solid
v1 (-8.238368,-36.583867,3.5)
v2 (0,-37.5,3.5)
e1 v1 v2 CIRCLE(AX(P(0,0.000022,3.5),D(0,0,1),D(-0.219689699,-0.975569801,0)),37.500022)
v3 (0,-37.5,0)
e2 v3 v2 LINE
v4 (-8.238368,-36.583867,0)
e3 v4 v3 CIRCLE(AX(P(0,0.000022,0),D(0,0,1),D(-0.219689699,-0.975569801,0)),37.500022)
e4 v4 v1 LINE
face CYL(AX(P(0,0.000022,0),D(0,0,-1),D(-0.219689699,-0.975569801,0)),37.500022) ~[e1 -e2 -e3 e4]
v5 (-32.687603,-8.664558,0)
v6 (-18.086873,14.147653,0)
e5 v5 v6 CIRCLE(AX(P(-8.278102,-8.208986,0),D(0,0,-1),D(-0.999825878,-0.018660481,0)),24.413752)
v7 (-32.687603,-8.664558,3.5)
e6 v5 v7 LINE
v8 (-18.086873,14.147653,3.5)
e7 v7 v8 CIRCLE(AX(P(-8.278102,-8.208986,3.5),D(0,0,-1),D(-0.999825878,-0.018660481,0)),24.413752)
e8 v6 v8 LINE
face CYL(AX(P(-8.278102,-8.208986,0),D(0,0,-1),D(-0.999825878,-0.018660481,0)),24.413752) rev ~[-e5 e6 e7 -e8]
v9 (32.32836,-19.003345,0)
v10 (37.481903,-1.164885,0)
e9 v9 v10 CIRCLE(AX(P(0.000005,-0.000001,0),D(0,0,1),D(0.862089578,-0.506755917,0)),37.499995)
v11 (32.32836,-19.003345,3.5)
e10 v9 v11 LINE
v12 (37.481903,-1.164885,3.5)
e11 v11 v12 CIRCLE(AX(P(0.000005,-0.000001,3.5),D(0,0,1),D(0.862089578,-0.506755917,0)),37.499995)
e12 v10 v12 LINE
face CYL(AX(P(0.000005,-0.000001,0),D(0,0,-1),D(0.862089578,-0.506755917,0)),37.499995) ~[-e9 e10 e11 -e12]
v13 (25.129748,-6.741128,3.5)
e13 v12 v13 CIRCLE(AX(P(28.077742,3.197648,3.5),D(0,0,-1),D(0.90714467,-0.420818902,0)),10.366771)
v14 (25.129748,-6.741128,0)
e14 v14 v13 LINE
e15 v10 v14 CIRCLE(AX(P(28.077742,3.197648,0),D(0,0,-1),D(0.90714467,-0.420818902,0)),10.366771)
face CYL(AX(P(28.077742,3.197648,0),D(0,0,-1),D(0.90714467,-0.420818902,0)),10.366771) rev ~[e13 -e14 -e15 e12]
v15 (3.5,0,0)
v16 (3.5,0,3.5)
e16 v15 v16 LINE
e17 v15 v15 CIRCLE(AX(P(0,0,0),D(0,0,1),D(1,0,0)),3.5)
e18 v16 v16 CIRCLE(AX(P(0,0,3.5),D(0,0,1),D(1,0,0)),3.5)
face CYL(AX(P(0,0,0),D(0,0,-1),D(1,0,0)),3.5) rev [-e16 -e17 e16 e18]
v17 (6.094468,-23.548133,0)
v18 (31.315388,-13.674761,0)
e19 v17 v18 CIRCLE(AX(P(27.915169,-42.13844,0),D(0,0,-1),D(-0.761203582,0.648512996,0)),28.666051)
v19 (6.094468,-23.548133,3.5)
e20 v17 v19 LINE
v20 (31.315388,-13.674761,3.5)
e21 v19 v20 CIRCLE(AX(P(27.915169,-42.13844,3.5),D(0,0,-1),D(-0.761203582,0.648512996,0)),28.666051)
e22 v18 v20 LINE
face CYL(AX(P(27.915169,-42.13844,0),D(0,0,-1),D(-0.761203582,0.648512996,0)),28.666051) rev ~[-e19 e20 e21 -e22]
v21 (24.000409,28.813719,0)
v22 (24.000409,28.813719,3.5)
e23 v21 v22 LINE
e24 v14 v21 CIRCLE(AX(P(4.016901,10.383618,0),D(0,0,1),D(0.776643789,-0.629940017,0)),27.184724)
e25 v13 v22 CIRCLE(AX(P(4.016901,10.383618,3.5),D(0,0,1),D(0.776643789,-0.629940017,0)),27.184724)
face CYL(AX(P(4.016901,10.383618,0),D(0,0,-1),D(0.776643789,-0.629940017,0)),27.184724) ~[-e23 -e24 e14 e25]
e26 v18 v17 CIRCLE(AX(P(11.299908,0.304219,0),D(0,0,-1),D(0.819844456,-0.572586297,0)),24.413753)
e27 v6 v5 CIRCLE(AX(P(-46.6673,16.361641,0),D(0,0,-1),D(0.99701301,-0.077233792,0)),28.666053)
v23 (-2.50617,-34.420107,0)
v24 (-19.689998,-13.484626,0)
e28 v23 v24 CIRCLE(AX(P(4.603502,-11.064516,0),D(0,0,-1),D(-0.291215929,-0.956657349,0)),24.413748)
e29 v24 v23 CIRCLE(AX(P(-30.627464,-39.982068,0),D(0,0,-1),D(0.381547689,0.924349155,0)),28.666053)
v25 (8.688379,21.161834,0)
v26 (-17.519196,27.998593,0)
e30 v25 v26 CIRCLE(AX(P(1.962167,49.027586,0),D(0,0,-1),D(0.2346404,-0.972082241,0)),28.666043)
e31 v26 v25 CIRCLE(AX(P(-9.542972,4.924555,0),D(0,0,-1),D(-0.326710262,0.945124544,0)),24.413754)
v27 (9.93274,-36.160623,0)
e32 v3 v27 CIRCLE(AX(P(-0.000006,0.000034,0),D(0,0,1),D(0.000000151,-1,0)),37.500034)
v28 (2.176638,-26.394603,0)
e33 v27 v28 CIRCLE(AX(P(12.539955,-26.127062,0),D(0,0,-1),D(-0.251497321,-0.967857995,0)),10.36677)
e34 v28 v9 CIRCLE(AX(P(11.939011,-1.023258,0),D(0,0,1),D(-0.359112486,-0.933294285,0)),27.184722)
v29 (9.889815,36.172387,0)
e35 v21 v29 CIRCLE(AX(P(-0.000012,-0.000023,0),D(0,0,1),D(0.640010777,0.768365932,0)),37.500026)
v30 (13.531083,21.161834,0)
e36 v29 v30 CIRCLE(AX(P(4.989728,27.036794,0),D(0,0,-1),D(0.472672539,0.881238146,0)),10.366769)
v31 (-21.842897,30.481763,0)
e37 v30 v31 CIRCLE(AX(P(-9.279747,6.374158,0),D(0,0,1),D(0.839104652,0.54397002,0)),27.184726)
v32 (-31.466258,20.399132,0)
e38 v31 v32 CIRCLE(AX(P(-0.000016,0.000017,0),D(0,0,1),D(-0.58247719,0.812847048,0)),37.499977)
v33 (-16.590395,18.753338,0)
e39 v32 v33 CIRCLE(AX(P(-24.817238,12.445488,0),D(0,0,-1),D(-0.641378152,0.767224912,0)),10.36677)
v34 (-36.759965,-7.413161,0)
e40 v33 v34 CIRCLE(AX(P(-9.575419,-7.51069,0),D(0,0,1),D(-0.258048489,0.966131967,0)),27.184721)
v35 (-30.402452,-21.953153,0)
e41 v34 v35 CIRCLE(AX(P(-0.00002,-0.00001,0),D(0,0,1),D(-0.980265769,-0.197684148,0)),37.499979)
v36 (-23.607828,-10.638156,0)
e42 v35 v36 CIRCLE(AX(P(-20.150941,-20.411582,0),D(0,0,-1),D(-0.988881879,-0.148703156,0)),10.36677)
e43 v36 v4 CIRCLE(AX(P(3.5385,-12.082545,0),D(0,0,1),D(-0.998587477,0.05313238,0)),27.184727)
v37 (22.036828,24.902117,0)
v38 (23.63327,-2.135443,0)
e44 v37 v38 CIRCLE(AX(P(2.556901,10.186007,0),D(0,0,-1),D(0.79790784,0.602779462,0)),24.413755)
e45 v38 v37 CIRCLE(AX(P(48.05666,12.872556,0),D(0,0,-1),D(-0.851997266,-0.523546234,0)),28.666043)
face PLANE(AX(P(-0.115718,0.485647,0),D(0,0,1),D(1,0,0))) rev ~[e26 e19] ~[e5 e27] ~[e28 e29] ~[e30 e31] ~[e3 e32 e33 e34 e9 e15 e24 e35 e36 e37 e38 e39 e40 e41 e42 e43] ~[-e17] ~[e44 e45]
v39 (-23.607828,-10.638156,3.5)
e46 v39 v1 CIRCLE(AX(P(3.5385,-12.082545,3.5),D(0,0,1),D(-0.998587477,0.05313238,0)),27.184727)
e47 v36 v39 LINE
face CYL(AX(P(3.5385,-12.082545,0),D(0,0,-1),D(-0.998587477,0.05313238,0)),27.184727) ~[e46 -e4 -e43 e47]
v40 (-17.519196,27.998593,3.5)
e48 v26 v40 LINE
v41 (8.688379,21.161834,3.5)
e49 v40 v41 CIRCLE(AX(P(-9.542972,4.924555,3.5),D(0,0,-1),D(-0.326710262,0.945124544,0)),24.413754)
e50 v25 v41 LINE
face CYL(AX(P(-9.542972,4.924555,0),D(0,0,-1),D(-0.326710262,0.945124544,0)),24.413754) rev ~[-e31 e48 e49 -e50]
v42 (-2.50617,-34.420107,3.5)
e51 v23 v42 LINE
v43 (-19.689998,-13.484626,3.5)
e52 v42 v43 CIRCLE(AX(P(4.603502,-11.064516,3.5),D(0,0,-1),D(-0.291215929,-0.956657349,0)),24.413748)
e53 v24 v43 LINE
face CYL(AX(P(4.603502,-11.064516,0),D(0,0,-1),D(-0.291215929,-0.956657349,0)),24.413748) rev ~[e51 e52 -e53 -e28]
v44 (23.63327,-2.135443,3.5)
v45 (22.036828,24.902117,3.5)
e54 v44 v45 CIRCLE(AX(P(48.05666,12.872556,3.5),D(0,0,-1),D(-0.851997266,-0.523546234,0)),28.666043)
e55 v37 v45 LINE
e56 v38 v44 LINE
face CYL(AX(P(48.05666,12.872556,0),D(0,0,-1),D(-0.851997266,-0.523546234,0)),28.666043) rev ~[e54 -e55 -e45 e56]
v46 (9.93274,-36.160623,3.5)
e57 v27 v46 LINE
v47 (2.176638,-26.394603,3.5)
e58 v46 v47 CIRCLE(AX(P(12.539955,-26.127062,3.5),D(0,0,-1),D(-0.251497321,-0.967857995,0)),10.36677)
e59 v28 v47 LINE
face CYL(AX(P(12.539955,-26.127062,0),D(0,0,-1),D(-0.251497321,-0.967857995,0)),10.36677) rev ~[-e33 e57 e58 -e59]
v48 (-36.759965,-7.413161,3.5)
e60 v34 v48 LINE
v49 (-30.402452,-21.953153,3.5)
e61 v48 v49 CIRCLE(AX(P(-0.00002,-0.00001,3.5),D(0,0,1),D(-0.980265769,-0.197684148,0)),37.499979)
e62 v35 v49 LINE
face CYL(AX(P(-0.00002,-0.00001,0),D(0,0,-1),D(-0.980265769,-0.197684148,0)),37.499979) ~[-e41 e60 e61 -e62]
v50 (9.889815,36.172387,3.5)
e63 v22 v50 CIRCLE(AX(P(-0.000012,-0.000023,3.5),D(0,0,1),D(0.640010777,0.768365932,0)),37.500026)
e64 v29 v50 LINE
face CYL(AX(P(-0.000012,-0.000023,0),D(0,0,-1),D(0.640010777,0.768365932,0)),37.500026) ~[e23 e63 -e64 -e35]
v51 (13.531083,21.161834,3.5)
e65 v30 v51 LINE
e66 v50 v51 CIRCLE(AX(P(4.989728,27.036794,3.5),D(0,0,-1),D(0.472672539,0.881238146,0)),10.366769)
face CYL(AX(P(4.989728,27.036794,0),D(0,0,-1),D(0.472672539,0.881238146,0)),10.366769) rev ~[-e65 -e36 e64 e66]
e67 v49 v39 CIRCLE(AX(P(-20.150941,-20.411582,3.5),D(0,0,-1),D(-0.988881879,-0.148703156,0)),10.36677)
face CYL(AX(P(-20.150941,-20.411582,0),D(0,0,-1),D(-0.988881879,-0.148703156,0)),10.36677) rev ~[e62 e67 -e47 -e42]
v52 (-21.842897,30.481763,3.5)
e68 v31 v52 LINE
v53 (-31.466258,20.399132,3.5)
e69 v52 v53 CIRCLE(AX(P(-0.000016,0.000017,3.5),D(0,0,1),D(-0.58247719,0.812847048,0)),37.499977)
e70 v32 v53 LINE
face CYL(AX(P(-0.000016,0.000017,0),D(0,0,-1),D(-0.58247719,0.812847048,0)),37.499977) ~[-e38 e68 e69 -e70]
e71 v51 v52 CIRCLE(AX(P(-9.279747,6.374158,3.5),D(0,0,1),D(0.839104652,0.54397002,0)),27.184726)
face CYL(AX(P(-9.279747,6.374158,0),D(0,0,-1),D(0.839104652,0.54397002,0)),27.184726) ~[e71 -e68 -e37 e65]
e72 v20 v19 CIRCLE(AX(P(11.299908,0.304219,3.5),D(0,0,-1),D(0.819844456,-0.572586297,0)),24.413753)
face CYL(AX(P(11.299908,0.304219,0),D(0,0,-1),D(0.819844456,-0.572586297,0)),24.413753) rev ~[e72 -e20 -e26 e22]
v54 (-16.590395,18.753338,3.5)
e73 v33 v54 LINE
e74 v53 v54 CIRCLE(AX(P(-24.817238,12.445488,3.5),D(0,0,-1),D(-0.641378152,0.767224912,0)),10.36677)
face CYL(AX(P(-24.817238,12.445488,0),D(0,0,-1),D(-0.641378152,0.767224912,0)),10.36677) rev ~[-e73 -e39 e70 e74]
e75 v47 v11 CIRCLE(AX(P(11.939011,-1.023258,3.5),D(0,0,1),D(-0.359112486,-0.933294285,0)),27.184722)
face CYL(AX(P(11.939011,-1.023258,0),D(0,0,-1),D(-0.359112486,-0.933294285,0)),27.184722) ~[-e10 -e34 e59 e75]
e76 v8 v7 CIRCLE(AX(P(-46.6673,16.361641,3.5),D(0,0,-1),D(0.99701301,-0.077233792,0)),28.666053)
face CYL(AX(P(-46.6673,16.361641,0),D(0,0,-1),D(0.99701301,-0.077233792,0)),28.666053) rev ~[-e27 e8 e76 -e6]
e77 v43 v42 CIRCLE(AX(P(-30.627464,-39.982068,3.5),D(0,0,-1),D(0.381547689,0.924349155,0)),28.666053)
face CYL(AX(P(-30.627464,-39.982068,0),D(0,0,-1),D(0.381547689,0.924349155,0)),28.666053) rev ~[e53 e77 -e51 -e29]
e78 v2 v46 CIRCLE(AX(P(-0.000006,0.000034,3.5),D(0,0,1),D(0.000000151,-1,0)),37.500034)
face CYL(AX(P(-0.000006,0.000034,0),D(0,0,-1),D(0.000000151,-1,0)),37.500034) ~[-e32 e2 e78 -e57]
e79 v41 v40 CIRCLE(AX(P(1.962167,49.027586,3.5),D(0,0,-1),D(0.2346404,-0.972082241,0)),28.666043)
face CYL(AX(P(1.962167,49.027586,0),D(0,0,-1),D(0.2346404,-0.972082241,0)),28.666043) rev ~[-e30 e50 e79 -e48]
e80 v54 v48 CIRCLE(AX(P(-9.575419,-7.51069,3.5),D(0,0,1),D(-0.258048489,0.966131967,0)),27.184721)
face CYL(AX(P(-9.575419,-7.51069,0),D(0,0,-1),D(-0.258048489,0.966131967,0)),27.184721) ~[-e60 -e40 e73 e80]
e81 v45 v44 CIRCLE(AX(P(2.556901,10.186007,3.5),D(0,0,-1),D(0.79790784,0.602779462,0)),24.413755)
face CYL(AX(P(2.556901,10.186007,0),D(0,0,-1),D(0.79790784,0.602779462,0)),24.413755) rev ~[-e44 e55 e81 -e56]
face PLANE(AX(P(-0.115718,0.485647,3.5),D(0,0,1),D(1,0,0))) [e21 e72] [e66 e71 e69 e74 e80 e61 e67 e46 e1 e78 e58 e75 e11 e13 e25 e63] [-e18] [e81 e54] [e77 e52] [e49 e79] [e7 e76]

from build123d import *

# Parameters (mm, degrees)
F0_R     = 3.5
F1_DEPTH = 3.5


with BuildPart() as f1:
    # F0 (on Top) → F1 (new body)
    with BuildSketch(Plane.XY):
        with BuildLine():
            ThreePointArc((24.000409, 28.813719), (17.339963, 33.250198), (9.889815, 36.172387))
            ThreePointArc((9.889815, 36.172387), (15.064313, 29.480693), (13.531083, 21.161834))
            ThreePointArc((13.531083, 21.161834), (-2.353781, 32.661804), (-21.842897, 30.481763))
            ThreePointArc((-21.842897, 30.481763), (-27.127134, 25.891478), (-31.466258, 20.399132))
            ThreePointArc((-31.466258, 20.399132), (-23.677264, 22.749389), (-16.590395, 18.753338))
            ThreePointArc((-16.590395, 18.753338), (-31.10617, 9.085569), (-36.759965, -7.413161))
            ThreePointArc((-36.759965, -7.413161), (-34.359139, -15.023302), (-30.402452, -21.953153))
            ThreePointArc((-30.402452, -21.953153), (-29.038423, -15.074674), (-23.607828, -10.638156))
            ThreePointArc((-23.607828, -10.638156), (-19.850574, -25.93753), (-8.238368, -36.583867))
            ThreePointArc((-8.238368, -36.583867), (-4.144575, -37.270263), (0, -37.5))
            ThreePointArc((0, -37.5), (5.011318, -37.163647), (9.93274, -36.160623))
            ThreePointArc((9.93274, -36.160623), (4.421922, -32.574345), (2.176638, -26.394603))
            ThreePointArc((2.176638, -26.394603), (18.411323, -27.426255), (32.32836, -19.003345))
            ThreePointArc((32.32836, -19.003345), (36.026669, -10.408128), (37.481903, -1.164885))
            ThreePointArc((37.481903, -1.164885), (32.343201, -6.250939), (25.129748, -6.741128))
            ThreePointArc((25.129748, -6.741128), (31.187922, 11.246658), (24.000409, 28.813719))
        make_face()
        with BuildLine():
            ThreePointArc((-2.50617, -34.420107), (-14.267465, -26.553792), (-19.689998, -13.484626))
            ThreePointArc((-19.689998, -13.484626), (-8.469615, -21.794921), (-2.50617, -34.420107))
        make_face(mode=Mode.SUBTRACT)
        with BuildLine():
            ThreePointArc((31.315388, -13.674761), (20.199638, -22.429591), (6.094468, -23.548133))
            ThreePointArc((6.094468, -23.548133), (17.465317, -15.444937), (31.315388, -13.674761))
        make_face(mode=Mode.SUBTRACT)
        with BuildLine():
            ThreePointArc((-32.687603, -8.664558), (-28.840733, 4.951922), (-18.086873, 14.147653))
            ThreePointArc((-18.086873, 14.147653), (-22.523144, 0.908412), (-32.687603, -8.664558))
        make_face(mode=Mode.SUBTRACT)
        with BuildLine():
            ThreePointArc((-17.519196, 27.998593), (-3.380406, 28.547725), (8.688379, 21.161834))
            ThreePointArc((8.688379, 21.161834), (-5.27377, 21.289827), (-17.519196, 27.998593))
        make_face(mode=Mode.SUBTRACT)
        Circle(F0_R, mode=Mode.SUBTRACT)
        with BuildLine():
            ThreePointArc((22.036828, 24.902117), (26.92821, 11.625019), (23.63327, -2.135443))
            ThreePointArc((23.63327, -2.135443), (19.440457, 11.182902), (22.036828, 24.902117))
        make_face(mode=Mode.SUBTRACT)
    extrude(amount=F1_DEPTH)


solid = f1.part
